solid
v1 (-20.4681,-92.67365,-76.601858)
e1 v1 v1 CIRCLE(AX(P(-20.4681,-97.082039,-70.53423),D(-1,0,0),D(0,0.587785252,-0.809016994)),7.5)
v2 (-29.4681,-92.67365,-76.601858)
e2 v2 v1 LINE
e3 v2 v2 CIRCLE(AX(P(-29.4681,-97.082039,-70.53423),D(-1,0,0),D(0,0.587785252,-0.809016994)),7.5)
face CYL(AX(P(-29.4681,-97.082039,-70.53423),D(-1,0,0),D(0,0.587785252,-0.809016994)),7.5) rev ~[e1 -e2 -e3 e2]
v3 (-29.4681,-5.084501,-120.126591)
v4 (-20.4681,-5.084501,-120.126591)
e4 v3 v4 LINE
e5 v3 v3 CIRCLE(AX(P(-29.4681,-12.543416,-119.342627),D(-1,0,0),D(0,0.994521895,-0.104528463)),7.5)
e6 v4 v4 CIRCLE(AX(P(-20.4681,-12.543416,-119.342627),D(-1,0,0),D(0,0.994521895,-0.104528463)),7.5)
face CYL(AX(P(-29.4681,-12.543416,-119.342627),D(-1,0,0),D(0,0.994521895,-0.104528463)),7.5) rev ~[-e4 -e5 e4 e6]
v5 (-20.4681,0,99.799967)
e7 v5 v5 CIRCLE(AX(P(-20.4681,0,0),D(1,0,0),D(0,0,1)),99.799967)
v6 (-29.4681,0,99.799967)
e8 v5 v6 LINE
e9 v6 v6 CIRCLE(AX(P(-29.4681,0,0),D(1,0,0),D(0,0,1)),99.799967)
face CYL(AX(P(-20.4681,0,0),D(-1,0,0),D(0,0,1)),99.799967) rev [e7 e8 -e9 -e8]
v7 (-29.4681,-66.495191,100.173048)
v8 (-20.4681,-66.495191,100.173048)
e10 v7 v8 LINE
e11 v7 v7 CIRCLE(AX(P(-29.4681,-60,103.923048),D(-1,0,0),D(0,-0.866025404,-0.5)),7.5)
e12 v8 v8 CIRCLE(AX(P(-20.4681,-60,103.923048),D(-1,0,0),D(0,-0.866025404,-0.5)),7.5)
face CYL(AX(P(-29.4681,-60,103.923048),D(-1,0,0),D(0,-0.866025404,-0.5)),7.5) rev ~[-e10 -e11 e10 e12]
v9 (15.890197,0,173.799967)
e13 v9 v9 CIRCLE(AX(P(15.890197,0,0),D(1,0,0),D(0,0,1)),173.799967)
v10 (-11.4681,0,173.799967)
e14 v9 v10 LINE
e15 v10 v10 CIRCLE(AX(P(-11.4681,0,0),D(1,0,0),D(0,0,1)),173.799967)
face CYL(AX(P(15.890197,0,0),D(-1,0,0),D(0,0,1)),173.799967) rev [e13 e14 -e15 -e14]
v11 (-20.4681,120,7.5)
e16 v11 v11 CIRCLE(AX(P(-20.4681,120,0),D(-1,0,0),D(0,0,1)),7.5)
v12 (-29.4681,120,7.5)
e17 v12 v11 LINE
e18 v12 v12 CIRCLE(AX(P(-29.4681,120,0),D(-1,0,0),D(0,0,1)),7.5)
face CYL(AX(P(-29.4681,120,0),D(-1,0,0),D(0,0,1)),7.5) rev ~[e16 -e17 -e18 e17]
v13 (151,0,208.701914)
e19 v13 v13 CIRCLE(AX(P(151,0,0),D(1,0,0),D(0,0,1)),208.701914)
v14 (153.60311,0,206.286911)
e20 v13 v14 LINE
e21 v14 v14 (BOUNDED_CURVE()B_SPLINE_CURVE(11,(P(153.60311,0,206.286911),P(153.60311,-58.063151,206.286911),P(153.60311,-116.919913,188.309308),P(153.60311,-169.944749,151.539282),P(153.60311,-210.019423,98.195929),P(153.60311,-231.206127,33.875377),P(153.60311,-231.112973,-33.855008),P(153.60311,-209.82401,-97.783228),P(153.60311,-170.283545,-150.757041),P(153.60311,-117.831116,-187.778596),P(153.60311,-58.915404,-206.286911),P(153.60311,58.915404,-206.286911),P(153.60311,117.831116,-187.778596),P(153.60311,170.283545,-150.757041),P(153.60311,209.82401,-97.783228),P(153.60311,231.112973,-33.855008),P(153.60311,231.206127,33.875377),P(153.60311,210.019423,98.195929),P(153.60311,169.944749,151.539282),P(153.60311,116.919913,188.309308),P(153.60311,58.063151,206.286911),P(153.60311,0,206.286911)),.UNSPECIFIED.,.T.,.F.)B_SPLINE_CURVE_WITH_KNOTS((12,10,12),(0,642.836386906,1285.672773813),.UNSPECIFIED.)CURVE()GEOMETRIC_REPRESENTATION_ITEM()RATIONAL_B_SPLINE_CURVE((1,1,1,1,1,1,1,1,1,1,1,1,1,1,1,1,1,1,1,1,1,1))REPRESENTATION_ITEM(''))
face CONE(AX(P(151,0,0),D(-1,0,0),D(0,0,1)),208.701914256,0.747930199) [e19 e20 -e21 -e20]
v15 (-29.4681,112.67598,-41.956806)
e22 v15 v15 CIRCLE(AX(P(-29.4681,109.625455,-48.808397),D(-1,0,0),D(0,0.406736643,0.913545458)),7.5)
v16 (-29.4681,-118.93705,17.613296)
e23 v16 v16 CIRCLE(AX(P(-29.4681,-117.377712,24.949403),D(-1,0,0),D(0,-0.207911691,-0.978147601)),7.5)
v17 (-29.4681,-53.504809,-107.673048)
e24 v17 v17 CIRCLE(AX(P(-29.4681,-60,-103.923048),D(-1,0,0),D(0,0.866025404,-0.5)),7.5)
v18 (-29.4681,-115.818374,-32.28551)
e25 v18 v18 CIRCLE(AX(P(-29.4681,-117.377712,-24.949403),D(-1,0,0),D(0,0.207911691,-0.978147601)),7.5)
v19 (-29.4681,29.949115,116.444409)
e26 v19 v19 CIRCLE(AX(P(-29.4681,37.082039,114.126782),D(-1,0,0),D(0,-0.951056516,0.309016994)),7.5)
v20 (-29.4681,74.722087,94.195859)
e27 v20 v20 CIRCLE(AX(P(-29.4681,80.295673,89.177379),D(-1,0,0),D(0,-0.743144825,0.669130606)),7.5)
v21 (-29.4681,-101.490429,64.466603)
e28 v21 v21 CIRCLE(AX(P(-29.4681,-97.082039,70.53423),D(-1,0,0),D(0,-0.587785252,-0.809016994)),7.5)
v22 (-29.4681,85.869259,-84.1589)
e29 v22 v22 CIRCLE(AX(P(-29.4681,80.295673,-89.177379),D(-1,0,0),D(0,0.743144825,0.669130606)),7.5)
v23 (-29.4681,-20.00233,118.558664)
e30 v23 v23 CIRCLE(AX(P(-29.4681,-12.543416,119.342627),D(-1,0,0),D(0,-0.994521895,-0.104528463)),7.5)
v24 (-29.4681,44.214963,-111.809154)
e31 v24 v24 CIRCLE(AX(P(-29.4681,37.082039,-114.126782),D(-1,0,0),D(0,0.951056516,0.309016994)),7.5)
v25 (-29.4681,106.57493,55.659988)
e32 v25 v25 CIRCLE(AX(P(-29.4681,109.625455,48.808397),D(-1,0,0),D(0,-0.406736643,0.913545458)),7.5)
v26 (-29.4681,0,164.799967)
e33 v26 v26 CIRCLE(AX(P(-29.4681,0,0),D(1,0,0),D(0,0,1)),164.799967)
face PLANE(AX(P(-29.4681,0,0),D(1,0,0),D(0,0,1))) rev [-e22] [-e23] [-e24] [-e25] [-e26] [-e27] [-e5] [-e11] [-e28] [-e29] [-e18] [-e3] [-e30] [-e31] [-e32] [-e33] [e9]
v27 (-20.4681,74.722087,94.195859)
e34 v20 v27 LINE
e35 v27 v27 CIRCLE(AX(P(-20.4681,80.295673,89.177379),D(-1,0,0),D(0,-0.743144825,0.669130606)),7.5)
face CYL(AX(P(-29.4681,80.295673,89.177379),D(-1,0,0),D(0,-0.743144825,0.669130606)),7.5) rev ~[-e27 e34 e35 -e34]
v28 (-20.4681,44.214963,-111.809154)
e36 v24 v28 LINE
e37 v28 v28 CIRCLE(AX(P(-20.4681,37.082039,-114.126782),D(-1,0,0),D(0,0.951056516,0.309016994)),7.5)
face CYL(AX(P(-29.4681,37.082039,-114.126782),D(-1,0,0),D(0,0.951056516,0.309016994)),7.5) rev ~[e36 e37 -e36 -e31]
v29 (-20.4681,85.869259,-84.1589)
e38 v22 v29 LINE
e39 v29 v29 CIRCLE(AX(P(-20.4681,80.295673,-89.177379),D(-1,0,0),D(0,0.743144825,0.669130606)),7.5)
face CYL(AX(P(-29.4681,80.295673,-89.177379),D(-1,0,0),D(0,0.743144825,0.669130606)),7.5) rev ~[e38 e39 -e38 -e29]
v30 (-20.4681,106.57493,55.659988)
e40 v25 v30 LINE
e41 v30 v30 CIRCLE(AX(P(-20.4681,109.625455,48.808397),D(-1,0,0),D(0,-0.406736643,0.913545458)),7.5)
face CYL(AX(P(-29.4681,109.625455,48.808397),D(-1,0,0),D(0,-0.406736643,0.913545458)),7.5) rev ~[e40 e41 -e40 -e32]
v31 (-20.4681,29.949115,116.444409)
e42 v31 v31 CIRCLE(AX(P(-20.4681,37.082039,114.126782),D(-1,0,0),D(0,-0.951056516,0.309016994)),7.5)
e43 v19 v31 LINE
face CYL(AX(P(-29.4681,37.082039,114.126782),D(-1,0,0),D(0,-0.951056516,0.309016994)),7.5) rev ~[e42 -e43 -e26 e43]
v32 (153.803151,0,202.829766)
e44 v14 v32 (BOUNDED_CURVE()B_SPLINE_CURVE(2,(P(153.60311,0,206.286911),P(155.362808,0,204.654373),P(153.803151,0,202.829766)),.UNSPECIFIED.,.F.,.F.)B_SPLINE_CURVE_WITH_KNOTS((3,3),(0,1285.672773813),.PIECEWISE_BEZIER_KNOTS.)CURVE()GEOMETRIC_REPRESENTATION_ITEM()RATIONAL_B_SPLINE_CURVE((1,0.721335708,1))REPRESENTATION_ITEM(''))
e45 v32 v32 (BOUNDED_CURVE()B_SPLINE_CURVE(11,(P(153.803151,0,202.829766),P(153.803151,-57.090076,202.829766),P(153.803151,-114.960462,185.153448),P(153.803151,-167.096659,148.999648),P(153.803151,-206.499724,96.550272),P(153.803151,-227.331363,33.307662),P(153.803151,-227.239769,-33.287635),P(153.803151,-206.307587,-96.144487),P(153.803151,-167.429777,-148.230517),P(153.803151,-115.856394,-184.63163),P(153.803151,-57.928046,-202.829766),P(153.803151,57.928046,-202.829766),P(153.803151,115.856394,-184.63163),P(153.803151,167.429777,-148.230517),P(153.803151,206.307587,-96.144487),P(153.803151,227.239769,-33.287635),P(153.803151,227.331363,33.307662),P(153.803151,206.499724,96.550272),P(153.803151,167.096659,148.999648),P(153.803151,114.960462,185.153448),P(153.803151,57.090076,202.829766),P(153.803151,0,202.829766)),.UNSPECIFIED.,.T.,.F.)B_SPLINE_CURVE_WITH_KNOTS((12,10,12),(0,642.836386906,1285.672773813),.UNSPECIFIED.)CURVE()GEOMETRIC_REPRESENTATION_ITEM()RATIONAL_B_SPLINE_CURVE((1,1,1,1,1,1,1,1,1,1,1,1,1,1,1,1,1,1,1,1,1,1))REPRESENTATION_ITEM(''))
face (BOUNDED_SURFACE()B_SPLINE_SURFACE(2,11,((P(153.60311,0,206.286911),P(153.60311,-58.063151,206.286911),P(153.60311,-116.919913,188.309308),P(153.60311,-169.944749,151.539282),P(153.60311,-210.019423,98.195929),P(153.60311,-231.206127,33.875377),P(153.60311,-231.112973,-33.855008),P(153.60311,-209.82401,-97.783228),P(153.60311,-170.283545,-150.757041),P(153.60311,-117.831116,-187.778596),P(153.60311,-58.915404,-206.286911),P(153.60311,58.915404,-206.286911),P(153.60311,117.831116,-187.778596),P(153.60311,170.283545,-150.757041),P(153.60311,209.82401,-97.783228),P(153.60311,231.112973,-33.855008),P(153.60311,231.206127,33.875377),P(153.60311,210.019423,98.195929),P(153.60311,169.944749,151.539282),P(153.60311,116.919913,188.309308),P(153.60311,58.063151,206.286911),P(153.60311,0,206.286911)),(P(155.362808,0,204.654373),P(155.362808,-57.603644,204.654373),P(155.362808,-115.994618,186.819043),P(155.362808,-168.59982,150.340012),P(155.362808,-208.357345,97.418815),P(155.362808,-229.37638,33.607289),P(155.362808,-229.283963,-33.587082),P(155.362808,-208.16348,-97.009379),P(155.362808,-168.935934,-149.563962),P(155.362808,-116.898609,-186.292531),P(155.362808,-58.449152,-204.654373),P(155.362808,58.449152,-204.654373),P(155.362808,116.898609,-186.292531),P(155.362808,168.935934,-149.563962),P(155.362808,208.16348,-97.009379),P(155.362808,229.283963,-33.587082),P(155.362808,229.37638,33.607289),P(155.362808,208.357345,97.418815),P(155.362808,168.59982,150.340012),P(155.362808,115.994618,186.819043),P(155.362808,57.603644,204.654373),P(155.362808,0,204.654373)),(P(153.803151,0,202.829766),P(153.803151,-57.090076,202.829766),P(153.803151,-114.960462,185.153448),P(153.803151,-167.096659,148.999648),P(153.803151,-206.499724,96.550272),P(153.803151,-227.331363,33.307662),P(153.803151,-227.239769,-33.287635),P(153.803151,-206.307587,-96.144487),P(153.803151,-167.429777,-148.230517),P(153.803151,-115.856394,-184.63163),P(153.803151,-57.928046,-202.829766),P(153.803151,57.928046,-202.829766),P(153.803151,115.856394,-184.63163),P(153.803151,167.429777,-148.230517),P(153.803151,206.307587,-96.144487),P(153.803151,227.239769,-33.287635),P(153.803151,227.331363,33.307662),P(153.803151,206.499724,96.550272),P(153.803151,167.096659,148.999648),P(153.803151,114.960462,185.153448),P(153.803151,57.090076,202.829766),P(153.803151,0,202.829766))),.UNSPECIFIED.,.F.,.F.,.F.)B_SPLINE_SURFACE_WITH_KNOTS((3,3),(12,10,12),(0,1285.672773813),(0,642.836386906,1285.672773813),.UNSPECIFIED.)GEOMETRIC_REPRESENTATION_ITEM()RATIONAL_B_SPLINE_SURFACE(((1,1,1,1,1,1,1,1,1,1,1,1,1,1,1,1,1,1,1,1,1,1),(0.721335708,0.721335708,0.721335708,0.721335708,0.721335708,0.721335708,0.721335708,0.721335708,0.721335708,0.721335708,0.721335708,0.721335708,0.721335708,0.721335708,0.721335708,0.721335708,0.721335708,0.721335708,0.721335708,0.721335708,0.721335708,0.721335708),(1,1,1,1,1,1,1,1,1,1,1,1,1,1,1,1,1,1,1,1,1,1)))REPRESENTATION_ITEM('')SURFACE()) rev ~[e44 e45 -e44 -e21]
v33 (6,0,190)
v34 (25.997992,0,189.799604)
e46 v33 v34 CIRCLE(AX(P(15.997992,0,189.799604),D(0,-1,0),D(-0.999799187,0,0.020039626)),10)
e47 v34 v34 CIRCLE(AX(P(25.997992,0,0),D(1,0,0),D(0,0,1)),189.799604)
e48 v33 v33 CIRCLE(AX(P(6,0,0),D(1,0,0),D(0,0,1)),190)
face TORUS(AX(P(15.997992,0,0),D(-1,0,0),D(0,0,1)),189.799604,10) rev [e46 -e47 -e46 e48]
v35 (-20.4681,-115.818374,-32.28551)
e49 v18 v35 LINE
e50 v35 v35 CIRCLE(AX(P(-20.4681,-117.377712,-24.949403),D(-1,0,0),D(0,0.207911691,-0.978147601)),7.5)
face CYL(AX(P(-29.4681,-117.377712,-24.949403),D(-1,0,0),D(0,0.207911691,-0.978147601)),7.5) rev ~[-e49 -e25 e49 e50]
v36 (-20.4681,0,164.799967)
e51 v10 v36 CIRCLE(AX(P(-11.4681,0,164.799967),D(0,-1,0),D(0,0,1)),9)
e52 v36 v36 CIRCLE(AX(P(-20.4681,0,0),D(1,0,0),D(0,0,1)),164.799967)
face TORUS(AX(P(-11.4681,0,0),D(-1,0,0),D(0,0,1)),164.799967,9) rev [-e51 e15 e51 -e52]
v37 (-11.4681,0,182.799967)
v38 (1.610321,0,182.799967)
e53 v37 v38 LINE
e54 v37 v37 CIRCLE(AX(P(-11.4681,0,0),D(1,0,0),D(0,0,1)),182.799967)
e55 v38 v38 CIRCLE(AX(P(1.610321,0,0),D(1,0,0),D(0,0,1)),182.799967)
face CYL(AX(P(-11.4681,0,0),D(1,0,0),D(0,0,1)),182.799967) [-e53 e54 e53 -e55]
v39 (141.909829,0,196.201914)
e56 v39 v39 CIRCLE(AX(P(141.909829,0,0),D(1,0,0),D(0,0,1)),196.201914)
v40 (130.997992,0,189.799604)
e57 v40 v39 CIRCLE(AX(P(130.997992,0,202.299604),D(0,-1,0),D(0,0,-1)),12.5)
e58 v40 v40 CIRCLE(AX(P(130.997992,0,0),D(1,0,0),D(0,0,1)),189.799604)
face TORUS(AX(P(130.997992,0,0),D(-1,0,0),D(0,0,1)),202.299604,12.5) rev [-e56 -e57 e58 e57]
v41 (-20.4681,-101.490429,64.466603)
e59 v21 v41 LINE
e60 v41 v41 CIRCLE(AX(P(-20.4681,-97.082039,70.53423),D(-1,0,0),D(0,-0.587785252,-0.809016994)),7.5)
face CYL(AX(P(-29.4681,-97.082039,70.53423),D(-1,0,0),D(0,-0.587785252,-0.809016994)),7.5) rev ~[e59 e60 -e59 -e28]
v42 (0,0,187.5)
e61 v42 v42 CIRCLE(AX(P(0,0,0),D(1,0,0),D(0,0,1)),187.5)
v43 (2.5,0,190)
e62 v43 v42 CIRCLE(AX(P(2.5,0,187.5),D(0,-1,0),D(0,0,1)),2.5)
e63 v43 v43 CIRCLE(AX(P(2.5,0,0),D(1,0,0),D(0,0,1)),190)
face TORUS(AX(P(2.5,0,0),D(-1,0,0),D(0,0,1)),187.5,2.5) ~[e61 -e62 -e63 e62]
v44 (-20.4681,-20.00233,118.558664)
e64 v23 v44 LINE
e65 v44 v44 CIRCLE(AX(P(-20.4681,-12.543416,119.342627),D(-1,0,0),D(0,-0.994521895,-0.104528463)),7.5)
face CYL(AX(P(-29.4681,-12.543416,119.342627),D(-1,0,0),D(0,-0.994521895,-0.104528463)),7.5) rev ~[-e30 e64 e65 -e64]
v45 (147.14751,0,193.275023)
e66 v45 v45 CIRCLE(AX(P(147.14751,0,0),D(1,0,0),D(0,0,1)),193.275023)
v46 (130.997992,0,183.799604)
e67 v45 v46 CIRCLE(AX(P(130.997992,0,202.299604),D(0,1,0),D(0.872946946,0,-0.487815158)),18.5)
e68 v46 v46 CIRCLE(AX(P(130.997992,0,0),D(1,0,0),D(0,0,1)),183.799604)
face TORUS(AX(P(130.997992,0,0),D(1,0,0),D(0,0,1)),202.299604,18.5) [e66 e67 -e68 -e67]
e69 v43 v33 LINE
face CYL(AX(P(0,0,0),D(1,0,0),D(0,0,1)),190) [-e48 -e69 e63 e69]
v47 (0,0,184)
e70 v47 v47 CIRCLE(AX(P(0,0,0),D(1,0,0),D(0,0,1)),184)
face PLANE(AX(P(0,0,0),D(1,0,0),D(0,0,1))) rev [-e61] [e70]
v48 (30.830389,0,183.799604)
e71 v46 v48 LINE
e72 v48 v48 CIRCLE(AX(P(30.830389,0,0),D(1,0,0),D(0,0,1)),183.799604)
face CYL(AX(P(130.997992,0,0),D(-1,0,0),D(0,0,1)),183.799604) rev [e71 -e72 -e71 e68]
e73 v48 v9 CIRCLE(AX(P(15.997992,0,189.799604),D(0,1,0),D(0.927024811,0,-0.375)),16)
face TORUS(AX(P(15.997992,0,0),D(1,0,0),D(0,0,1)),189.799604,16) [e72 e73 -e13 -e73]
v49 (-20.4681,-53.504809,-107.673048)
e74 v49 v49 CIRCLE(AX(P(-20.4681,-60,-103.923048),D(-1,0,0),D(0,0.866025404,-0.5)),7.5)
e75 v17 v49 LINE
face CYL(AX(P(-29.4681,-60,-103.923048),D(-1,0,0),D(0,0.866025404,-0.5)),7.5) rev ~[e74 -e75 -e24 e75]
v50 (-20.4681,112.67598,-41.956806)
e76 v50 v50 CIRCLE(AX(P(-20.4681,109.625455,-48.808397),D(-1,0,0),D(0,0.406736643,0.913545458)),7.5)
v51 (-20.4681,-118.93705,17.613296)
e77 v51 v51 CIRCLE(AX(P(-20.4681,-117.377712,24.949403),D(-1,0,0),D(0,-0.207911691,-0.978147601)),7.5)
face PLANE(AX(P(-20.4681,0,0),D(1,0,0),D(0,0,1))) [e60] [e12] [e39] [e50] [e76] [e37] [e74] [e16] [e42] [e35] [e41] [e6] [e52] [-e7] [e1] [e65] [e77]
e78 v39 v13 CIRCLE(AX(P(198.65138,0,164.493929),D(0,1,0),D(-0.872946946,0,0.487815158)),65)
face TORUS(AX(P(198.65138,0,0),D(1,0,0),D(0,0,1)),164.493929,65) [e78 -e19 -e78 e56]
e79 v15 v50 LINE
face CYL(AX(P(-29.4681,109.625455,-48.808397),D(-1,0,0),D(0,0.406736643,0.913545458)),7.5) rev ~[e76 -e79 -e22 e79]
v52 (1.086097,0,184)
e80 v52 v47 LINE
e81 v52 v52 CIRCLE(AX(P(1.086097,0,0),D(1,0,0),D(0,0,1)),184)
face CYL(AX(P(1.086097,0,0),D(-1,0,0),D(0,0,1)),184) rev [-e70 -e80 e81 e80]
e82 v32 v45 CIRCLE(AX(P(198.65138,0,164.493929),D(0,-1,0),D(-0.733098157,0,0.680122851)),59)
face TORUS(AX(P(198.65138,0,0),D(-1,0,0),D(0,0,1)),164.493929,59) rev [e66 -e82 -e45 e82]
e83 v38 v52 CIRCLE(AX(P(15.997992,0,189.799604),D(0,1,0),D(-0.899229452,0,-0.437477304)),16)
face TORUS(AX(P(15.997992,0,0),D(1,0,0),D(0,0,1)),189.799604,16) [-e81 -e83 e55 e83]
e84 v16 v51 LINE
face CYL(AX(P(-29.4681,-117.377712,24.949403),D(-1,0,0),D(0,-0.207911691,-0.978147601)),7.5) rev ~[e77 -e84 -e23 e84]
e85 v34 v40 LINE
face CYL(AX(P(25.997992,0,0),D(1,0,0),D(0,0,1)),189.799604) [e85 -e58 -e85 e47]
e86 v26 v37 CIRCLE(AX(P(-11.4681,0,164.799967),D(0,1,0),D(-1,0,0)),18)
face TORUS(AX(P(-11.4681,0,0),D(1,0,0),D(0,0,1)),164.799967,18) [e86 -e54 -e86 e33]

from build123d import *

# Parameters (mm, degrees)
SKETCH2_R          = 7.5
CUT_EXTRUDE1_DEPTH = 349.265230313
CIRPATTERN1_COUNT  = 15
FILLET1_R          = 2.5


with BuildPart() as part:
    # Sketch1 → Revolve1 (revolve)
    with BuildSketch(Plane.XY, mode=Mode.PRIVATE) as revolve1_sk:
        with BuildLine():
            Line((0, 190), (6, 190))
            ThreePointArc((6, 190), (15.897788702, 179.800105782), (25.997991865, 189.799603736))
            Line((25.997991865, 189.799603736), (130.997991865, 189.799603736))
            ThreePointArc((130.997991865, 189.799603736), (137.323688724, 191.518344104), (141.909828695, 196.201914256))
            ThreePointArc((141.909828695, 196.201914256), (146.082058847, 202.723059885), (151, 208.701914256))
            Line((151, 208.701914256), (155.398588943, 204.621177151))
            ThreePointArc((155.398588943, 204.621177151), (150.934611589, 199.19421703), (147.147510374, 193.275023305))
            ThreePointArc((147.147510374, 193.275023305), (140.360023216, 186.34333948), (130.997991865, 183.799603736))
            Line((130.997991865, 183.799603736), (30.830388839, 183.799603736))
            ThreePointArc((30.830388839, 183.799603736), (24.897523585, 176.503050229), (15.890197485, 173.799966853))
            Line((15.890197485, 173.799966853), (-11.468099829, 173.799966853))
            ThreePointArc((-11.468099829, 173.799966853), (-17.832060859, 171.163927884), (-20.468099829, 164.799966853))
            Line((-20.468099829, 164.799966853), (-20.468099829, 99.799966853))
            Line((-20.468099829, 99.799966853), (-29.468099829, 99.799966853))
            Line((-29.468099829, 99.799966853), (-29.468099829, 164.799966853))
            ThreePointArc((-29.468099829, 164.799966853), (-24.19602189, 177.527888914), (-11.468099829, 182.799966853))
            Line((-11.468099829, 182.799966853), (1.610320632, 182.799966853))
            ThreePointArc((1.610320632, 182.799966853), (1.335926615, 183.394617975), (1.086097401, 184))
            Line((1.086097401, 184), (0, 184))
            Line((0, 184), (0, 190))
        make_face()
    revolve(revolve1_sk.sketch.rotate(Axis((0, 0, 0), (1, 0, 0)), 90), axis=Axis((0, 0, 0), (1, 0, 0)))

    # Sketch2 → Cut-Extrude1 (cut, through all)
    with BuildSketch(Plane.ZY.offset(29.468099829)):
        with Locations((0, 120)):
            Circle(SKETCH2_R)
    cut_extrude1 = extrude(amount=-CUT_EXTRUDE1_DEPTH, mode=Mode.SUBTRACT)

    # CirPattern1: Cut-Extrude1 ×15 about axis
    cirpattern1_axis = Axis((0, 0, 0), (1, 0, 0))
    for i in range(1, CIRPATTERN1_COUNT):
        add(cut_extrude1.rotate(cirpattern1_axis, i * 360 / CIRPATTERN1_COUNT), mode=Mode.SUBTRACT)

    # Fillet1
    fillet1_edges = [part.edges().sort_by_distance(p)[0] for p in [
        (0, 0, -190),
        (155.398588943, 0, -204.621177151),
    ]]
    fillet(fillet1_edges, radius=FILLET1_R)


solid = part.part
